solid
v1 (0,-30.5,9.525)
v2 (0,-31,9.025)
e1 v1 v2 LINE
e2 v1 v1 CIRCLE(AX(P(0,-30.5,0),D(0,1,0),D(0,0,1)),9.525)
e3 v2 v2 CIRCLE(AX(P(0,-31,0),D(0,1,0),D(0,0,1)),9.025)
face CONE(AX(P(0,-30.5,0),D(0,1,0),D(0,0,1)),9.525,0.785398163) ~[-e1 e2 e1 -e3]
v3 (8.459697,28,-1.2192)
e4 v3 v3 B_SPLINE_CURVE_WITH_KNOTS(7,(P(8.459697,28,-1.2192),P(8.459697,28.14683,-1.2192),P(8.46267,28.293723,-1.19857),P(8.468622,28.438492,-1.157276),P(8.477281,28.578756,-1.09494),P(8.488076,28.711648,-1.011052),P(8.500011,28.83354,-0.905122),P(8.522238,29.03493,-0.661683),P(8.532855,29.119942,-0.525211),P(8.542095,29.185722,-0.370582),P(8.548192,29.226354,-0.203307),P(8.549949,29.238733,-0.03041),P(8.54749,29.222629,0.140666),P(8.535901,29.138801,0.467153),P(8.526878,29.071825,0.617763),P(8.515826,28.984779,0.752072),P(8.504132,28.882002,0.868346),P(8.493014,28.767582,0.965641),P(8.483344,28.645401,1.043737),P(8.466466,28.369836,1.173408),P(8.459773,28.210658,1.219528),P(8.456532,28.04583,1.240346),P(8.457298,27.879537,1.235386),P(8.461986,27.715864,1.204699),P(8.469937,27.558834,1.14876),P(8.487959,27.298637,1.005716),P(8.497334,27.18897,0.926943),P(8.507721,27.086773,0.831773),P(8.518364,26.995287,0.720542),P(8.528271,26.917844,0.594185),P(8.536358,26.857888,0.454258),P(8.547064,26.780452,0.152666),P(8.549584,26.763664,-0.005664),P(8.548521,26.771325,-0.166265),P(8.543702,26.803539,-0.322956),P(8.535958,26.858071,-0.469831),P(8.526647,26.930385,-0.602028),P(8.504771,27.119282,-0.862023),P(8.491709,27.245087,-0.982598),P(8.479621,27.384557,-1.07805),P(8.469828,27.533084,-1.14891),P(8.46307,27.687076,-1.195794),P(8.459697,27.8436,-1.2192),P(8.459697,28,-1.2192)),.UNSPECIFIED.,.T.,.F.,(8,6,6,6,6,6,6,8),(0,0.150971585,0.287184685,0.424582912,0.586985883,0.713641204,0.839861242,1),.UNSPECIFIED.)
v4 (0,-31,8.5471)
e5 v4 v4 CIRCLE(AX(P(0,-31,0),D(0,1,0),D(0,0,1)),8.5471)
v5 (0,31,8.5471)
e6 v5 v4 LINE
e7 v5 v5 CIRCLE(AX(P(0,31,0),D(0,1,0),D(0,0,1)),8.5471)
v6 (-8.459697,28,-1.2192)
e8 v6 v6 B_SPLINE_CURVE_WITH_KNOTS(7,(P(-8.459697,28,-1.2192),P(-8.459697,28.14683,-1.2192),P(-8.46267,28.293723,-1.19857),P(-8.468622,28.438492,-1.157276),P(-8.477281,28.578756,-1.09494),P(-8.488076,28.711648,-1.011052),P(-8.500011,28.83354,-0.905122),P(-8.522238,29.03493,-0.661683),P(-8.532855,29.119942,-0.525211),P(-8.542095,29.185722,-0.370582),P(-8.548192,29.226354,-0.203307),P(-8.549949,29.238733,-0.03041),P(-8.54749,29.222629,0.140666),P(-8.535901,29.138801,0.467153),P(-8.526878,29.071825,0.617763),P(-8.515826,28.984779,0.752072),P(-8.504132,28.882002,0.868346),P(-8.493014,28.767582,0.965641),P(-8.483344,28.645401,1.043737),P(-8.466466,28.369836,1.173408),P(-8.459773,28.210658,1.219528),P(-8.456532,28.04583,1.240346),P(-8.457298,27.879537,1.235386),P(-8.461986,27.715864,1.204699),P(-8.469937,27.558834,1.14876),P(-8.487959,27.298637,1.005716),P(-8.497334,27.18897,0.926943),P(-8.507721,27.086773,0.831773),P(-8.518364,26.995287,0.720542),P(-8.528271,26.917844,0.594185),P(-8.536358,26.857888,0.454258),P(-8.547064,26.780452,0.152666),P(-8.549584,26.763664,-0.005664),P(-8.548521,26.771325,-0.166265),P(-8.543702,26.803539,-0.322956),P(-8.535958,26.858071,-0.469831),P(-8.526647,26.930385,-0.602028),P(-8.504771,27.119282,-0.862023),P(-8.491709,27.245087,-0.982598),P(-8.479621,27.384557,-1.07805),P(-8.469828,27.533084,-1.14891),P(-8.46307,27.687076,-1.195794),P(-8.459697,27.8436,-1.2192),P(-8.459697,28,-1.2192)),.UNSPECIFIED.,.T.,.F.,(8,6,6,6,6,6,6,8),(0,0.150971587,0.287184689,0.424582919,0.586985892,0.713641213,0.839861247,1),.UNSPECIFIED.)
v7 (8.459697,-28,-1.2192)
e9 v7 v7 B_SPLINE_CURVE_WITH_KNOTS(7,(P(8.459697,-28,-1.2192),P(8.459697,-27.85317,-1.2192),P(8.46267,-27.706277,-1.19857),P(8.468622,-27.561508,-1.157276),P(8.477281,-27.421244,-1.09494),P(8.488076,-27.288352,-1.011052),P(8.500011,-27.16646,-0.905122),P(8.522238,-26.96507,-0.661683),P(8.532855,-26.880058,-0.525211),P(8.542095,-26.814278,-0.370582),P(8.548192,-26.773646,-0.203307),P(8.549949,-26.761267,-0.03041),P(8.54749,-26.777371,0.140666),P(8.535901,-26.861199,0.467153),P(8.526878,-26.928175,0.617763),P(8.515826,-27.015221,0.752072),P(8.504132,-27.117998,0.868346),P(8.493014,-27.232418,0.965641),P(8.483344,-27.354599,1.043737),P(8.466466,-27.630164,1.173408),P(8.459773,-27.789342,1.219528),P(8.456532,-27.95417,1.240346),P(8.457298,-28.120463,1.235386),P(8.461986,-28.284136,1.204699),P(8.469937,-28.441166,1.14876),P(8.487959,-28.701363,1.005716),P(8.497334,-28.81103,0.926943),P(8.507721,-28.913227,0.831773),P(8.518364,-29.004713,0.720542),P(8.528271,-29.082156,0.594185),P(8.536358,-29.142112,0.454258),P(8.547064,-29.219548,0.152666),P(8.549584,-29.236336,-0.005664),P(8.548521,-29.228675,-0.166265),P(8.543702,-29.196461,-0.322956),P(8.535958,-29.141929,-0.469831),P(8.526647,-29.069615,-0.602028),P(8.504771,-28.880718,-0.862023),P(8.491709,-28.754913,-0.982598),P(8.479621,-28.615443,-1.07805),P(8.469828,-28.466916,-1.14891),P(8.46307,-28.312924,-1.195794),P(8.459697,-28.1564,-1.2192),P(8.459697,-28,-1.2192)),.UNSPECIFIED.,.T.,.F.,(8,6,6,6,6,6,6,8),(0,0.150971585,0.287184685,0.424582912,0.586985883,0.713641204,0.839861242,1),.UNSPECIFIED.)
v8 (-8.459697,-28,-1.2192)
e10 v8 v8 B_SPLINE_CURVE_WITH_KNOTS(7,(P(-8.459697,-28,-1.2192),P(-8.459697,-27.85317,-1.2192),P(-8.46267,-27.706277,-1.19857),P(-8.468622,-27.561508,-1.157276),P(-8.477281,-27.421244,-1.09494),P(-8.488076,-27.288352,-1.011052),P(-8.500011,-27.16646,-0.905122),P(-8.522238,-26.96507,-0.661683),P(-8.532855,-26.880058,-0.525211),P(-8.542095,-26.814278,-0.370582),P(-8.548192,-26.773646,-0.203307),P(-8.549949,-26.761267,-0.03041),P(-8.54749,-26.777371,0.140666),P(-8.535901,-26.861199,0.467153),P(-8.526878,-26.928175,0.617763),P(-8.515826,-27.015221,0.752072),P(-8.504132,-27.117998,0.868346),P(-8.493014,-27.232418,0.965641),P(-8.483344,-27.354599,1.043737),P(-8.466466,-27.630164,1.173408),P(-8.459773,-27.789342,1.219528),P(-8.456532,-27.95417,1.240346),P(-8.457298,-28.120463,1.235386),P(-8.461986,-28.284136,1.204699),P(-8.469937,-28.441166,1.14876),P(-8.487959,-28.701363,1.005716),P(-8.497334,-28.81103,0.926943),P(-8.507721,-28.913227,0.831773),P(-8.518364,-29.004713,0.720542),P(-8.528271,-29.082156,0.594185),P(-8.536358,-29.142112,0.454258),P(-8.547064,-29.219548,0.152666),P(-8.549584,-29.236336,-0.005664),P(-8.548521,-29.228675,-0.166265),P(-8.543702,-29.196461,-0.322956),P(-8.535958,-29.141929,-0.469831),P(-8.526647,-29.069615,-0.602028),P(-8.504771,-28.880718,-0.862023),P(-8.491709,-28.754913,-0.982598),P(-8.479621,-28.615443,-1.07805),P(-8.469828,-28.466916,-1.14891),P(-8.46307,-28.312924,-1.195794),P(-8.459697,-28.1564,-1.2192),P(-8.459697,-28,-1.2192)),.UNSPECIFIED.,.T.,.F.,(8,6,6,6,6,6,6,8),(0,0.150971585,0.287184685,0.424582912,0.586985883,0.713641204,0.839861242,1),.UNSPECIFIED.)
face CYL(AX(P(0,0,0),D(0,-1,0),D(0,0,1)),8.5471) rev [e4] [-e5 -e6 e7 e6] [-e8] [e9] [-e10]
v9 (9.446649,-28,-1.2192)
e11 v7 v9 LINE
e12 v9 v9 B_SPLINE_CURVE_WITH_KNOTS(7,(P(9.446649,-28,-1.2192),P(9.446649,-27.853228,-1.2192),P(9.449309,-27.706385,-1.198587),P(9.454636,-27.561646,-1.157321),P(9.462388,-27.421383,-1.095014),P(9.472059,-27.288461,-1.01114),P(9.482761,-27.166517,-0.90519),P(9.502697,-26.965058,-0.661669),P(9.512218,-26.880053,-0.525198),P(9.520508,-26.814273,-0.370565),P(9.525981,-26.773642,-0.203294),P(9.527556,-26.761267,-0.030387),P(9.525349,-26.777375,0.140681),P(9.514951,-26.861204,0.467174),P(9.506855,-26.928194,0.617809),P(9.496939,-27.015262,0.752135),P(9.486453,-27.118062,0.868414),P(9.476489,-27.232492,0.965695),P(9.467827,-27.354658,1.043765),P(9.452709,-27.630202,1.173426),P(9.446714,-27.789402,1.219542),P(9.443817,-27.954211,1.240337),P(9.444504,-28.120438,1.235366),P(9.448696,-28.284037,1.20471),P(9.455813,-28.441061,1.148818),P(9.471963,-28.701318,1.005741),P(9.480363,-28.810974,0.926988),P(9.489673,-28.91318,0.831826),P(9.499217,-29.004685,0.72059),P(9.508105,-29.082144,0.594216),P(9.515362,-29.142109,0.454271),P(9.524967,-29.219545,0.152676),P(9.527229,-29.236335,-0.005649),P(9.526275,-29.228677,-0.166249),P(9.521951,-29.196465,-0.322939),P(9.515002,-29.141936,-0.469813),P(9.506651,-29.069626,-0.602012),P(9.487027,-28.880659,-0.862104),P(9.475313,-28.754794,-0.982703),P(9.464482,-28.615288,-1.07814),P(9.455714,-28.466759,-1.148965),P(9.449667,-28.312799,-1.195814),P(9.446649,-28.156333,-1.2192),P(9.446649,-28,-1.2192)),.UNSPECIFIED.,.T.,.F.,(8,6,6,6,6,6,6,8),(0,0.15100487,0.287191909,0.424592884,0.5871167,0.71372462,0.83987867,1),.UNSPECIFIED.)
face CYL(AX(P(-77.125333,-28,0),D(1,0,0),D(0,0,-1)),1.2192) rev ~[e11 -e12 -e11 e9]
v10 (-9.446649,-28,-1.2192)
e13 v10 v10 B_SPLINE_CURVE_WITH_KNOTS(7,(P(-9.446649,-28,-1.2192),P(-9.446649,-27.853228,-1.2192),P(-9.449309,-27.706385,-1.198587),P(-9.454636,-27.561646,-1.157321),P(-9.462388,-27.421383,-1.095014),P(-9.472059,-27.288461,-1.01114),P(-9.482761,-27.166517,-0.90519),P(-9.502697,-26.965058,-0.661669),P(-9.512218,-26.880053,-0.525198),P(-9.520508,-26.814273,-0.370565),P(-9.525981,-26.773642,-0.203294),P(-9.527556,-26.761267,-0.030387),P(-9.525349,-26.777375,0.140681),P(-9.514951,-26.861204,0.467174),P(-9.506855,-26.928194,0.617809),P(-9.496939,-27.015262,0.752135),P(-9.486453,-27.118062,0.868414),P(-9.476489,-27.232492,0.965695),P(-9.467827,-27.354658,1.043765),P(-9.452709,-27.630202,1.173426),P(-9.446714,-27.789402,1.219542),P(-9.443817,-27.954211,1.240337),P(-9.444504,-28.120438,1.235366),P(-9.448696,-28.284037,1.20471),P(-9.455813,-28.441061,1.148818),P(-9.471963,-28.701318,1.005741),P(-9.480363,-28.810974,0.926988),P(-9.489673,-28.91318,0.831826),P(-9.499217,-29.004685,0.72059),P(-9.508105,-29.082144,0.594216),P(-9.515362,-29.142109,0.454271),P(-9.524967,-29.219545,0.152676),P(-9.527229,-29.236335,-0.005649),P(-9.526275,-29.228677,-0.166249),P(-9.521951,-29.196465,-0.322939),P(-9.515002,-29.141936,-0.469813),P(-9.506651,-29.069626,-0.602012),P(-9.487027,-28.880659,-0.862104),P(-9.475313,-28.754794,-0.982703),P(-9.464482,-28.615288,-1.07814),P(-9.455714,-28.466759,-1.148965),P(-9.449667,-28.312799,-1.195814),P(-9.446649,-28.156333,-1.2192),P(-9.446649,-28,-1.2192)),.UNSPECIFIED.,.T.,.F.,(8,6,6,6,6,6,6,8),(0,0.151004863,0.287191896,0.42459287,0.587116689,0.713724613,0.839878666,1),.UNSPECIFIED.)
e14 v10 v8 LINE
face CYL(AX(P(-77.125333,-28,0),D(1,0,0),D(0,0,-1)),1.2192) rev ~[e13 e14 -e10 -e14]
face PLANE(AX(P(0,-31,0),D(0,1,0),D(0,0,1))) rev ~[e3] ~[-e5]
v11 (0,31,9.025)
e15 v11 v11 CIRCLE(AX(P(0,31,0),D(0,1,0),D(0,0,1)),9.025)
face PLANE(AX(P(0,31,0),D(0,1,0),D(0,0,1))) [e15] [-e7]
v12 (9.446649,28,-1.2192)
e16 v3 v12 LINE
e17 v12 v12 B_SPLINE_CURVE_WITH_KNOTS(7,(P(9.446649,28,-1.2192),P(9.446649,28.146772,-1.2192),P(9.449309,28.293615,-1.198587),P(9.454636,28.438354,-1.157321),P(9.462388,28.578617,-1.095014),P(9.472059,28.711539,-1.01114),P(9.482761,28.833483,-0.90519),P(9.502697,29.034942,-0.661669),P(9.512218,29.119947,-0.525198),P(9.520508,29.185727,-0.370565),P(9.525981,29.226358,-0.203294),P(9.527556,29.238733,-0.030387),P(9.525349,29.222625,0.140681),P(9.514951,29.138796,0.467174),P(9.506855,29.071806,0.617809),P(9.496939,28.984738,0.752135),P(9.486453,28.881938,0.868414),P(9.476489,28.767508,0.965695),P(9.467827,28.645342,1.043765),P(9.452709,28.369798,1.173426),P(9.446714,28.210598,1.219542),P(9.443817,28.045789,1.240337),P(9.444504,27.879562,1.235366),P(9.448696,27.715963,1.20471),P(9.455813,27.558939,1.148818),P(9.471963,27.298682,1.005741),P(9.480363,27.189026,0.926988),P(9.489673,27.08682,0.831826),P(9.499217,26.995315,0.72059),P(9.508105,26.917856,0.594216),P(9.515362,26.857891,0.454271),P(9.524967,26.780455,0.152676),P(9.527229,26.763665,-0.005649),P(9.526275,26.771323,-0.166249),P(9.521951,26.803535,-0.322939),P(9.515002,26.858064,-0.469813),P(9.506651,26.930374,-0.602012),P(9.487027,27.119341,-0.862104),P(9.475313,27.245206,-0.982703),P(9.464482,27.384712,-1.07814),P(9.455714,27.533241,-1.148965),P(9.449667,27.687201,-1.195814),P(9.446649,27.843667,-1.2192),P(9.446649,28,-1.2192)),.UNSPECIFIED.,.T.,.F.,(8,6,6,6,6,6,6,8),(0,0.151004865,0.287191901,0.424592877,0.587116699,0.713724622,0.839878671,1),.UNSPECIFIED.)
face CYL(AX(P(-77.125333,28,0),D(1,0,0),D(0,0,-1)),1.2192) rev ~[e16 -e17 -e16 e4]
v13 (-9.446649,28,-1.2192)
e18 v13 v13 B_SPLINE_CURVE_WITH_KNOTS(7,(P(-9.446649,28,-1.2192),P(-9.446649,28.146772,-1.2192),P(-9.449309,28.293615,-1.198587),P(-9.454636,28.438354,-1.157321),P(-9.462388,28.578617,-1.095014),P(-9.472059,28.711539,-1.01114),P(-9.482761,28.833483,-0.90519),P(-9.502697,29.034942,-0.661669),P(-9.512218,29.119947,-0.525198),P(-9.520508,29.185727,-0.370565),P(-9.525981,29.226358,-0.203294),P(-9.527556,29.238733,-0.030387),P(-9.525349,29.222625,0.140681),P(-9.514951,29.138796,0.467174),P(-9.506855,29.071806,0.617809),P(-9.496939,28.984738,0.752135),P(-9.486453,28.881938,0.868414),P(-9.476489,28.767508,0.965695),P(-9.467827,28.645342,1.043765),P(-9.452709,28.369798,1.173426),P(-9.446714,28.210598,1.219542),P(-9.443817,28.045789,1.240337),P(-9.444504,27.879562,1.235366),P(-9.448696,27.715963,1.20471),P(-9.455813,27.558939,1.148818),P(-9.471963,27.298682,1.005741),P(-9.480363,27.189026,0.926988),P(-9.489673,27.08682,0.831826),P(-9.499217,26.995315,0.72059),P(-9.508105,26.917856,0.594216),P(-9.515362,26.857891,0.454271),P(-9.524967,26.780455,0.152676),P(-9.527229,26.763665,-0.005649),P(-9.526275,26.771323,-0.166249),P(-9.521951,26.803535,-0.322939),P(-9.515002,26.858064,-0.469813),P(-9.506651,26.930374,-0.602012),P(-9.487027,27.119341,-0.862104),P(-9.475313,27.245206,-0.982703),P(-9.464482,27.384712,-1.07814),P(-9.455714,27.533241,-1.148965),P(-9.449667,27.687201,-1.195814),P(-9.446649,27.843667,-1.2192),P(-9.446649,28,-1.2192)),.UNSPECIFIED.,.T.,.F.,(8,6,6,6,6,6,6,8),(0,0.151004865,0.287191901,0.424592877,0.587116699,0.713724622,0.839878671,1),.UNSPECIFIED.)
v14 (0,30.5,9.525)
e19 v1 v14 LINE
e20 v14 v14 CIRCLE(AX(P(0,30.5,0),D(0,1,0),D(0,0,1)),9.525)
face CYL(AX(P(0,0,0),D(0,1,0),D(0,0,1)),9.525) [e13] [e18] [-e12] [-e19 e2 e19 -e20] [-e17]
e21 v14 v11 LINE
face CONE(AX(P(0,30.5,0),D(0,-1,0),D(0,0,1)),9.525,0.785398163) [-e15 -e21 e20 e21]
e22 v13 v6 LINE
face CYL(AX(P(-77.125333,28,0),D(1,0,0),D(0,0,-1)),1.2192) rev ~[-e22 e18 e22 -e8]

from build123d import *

# Parameters (mm, degrees)
SKETCH1_R                   = 9.525
SKETCH1_R_2                 = 8.5471
BOSS_EXTRUDE1_DEPTH         = 31
F_41_0_096_DIAMETER_HOLE1_D = 2.4384
CHAMFER1_SIZE               = 0.5


with BuildPart() as part:
    # Sketch1 → Boss-Extrude1 (new, symmetric)
    with BuildSketch(Plane(origin=(0, 0, 0), x_dir=(1, 0, 0), z_dir=(0, 1, 0))):
        Circle(SKETCH1_R)
        Circle(SKETCH1_R_2, mode=Mode.SUBTRACT)
    extrude(amount=BOSS_EXTRUDE1_DEPTH, both=True)

    # #41 (0.096) Diameter Hole1 (through all)
    with Locations(Plane.ZY.offset(9.525)):
        with Locations((0, 28), (0, -28)):
            Hole(F_41_0_096_DIAMETER_HOLE1_D / 2)

    # Chamfer1
    chamfer1_edges = [part.edges().sort_by_distance(p)[0] for p in [
        (-9.525, 31, 0),
        (-9.525, -31, 0),
    ]]
    chamfer(chamfer1_edges, length=CHAMFER1_SIZE)


solid = part.part
